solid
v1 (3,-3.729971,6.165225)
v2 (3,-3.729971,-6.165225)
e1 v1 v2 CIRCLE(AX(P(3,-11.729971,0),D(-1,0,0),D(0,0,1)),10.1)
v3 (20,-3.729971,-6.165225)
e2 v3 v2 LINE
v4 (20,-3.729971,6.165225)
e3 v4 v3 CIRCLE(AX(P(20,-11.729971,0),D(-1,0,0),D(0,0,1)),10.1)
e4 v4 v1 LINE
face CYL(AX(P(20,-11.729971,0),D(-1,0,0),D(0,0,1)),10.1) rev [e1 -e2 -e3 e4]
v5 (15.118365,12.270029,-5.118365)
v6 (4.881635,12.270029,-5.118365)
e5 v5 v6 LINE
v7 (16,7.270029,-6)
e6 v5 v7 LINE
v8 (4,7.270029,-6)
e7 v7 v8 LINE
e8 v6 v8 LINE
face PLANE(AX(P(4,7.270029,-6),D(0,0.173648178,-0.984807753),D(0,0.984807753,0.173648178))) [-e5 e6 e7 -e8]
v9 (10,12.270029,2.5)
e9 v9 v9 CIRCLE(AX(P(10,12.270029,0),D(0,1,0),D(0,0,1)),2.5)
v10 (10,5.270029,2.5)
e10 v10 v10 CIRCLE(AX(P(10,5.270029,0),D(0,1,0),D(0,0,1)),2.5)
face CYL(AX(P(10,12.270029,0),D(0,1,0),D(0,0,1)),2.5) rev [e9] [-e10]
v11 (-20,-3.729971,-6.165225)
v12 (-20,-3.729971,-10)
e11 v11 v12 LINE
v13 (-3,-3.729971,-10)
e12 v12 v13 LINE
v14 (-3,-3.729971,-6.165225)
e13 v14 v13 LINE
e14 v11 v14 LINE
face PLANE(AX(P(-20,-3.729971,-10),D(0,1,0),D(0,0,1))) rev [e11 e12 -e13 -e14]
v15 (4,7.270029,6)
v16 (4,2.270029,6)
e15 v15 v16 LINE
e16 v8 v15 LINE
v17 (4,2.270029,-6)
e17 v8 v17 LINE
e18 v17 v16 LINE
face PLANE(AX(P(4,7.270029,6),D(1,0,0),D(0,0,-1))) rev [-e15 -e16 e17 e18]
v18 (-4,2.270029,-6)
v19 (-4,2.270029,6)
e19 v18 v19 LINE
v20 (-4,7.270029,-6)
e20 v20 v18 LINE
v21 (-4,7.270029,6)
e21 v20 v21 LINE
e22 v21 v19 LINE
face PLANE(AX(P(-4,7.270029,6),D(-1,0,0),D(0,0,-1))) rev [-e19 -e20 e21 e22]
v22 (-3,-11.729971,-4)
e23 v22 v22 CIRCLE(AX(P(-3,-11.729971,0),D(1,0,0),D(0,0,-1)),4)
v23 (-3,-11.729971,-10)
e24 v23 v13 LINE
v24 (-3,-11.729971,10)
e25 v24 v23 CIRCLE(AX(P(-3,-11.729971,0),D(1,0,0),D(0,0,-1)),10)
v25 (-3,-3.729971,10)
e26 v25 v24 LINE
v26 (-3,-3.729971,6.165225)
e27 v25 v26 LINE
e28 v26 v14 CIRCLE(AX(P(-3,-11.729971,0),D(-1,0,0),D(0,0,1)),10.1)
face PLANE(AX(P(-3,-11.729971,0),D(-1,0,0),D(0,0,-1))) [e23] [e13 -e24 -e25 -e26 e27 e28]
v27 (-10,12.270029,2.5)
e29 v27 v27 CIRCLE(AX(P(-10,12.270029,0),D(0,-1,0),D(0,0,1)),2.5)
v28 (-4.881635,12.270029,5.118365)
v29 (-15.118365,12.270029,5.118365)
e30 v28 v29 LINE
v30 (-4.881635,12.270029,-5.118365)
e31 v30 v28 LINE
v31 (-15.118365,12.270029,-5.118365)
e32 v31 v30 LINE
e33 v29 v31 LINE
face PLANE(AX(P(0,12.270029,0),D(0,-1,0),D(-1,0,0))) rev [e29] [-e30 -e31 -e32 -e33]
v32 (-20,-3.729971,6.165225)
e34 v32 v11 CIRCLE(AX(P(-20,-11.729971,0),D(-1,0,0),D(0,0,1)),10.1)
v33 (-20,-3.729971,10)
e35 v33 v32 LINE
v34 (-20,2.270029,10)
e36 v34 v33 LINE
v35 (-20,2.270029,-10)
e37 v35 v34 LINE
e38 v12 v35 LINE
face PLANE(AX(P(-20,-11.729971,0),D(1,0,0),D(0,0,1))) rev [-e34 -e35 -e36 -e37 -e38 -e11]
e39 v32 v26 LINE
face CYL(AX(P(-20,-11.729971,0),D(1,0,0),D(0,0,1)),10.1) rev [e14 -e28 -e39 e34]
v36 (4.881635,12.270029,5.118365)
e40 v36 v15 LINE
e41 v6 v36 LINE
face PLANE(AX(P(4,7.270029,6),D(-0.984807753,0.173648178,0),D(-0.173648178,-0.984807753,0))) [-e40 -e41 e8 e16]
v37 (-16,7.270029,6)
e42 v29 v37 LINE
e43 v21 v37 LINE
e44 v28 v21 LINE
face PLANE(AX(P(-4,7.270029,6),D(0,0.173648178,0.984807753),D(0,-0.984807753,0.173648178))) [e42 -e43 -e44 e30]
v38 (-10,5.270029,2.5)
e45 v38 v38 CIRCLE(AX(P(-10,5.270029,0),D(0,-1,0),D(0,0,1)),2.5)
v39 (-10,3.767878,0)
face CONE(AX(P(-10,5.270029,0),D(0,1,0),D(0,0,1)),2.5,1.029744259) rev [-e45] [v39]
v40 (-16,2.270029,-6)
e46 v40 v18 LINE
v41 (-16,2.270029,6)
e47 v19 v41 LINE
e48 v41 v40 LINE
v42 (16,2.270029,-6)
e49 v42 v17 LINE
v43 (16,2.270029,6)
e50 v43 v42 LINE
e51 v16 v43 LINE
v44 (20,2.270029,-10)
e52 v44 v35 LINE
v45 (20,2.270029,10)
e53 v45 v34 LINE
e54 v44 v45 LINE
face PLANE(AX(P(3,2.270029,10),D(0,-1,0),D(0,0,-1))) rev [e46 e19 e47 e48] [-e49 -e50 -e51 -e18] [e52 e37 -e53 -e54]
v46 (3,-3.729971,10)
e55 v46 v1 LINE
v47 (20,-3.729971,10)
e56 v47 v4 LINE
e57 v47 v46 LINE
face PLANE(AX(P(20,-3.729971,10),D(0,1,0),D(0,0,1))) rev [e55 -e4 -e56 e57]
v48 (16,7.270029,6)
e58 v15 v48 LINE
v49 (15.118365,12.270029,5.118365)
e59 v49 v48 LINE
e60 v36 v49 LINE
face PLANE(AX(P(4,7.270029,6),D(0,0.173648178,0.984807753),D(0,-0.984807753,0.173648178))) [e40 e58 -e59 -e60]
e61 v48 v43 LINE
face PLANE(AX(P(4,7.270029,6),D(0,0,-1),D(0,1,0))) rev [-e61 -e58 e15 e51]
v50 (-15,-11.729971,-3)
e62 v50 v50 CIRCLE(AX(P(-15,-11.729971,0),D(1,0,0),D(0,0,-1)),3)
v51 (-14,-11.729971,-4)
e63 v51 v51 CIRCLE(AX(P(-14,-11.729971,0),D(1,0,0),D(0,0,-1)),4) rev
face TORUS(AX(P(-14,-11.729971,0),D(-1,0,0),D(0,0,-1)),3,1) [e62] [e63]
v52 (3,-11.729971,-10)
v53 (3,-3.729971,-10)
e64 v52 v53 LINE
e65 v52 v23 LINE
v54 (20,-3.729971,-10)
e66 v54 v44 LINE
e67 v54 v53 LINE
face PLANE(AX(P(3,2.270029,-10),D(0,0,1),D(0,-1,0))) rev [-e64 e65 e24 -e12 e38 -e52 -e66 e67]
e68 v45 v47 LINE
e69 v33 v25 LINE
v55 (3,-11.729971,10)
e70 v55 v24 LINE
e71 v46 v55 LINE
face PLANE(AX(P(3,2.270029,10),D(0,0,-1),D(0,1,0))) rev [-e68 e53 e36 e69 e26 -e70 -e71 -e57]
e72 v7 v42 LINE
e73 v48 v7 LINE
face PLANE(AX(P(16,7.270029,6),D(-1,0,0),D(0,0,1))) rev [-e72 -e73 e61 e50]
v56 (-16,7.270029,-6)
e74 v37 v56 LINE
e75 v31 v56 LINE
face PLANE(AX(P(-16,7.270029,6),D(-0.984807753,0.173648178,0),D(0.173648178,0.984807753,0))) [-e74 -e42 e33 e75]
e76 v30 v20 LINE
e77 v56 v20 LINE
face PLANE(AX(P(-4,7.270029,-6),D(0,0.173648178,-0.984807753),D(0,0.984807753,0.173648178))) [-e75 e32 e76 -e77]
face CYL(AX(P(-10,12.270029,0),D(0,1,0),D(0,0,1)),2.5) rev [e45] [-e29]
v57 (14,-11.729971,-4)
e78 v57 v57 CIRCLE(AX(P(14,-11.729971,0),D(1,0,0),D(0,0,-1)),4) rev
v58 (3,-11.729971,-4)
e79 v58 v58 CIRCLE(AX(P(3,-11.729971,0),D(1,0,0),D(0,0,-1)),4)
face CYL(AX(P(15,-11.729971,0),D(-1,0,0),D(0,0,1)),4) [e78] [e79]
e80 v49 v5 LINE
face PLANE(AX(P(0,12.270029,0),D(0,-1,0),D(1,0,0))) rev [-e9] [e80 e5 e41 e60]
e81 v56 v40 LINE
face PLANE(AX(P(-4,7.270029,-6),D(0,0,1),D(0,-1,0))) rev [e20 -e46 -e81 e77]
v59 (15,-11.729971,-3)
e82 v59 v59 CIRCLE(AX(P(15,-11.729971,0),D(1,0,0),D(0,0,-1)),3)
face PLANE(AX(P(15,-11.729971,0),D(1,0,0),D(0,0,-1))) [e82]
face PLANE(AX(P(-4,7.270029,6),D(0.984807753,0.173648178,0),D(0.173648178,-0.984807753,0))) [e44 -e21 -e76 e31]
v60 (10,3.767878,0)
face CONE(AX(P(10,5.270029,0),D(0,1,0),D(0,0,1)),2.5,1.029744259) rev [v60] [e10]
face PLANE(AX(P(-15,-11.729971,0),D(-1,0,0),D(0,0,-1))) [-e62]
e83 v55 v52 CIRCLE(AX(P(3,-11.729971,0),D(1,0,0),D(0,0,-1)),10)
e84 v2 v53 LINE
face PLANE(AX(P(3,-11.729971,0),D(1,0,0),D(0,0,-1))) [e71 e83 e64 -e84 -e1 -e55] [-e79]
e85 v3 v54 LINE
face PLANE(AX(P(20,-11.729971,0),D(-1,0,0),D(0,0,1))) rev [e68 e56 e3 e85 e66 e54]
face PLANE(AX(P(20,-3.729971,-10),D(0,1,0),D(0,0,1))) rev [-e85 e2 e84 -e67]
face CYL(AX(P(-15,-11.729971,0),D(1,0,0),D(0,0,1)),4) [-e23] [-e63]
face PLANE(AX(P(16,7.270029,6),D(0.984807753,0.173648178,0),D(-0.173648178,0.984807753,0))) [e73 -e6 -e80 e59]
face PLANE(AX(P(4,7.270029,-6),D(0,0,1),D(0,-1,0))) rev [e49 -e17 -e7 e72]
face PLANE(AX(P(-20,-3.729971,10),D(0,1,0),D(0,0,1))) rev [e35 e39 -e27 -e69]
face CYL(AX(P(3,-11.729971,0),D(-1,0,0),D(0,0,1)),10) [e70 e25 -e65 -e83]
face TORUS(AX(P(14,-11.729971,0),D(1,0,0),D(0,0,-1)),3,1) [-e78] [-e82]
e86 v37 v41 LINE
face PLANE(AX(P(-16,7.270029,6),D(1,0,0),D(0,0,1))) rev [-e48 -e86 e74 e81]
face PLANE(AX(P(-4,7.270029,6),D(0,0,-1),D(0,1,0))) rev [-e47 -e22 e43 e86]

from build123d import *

# Parameters (mm, degrees)
LEG_CONNECTOR_DEPTH                            = 1.5
TORSO_CONNECTOR_DEPTH                          = 8.5
SKETCH3_R                                      = 2
LEG_PIN_DEPTH                                  = 6
SKETCH4_W                                      = 6
SKETCH4_H                                      = 6
TORSO_PIN_BASE_DEPTH                           = 2.5
SKETCH5_W                                      = 6
SKETCH5_H                                      = 6
TORSO_PIN_TIP_DEPTH                            = 2.5
TORSO_PIN_TIP_TAPER                            = 10
HOLE_THAT_MAKE_IT_EASY_TO_ADD_CENTER_LIN_D     = 2.5
HOLE_THAT_MAKE_IT_EASY_TO_ADD_CENTER_LIN_DEPTH = 3.5
HOLE_THAT_MAKE_IT_EASY_TO_ADD_CENTER_LIN_TIP   = 0.751075774
EASY_LEG_INSERT_R                              = 0.5
SCALE1_SCALE                                   = 2


with BuildPart() as part:
    # Sketch1 → Leg connector (new body)
    with BuildSketch(Plane(origin=(0, 0, 0), x_dir=(0, 0, -1), z_dir=(1, 0, 0))):
        with BuildLine():
            Line((-5, 0), (5, 0))
            Line((5, 0), (5, -7))
            ThreePointArc((5, -7), (0, -12), (-5, -7))
            Line((-5, -7), (-5, 0))
        make_face()
    extrude(amount=LEG_CONNECTOR_DEPTH)

    # Sketch2 → Torso connector (add)
    with BuildSketch(Plane(origin=(1.5, 0, 0), x_dir=(0, 0, -1), z_dir=(1, 0, 0))):
        with BuildLine():
            Line((-5, 0), (5, 0))
            Line((5, 0), (5, -3))
            Line((5, -3), (3.082612528, -3))
            ThreePointArc((3.082612528, -3), (0, -1.95), (-3.082612528, -3))
            Line((-3.082612528, -3), (-5, -3))
            Line((-5, -3), (-5, 0))
        make_face()
    extrude(amount=TORSO_CONNECTOR_DEPTH)

    # Sketch3 → Leg pin (add)
    with BuildSketch(Plane(origin=(1.5, 0, 0), x_dir=(0, 0, -1), z_dir=(1, 0, 0))):
        with Locations((0, -7)):
            Circle(SKETCH3_R)
    extrude(amount=LEG_PIN_DEPTH)

    # Sketch4 → Torso pin base (add)
    with BuildSketch(Plane(origin=(0, 0, 0), x_dir=(1, 0, 0), z_dir=(0, 1, 0))):
        with Locations((5, 0)):
            Rectangle(SKETCH4_W, SKETCH4_H)
    extrude(amount=TORSO_PIN_BASE_DEPTH)

    # Sketch5 → Torso pin tip (add)
    with BuildSketch(Plane(origin=(0, 2.5, 0), x_dir=(1, 0, 0), z_dir=(0, 1, 0))):
        with Locations((5, 0)):
            Rectangle(SKETCH5_W, SKETCH5_H)
    extrude(amount=TORSO_PIN_TIP_DEPTH, taper=TORSO_PIN_TIP_TAPER)

    # Hole that make it easy to add center lines
    with Locations(Plane(origin=(0, 5, 0), x_dir=(1, 0, 0), z_dir=(0, 1, 0))):
        with Locations((5, 0)):
            Hole(HOLE_THAT_MAKE_IT_EASY_TO_ADD_CENTER_LIN_D / 2, depth=HOLE_THAT_MAKE_IT_EASY_TO_ADD_CENTER_LIN_DEPTH)
            with Locations((0, 0, -(HOLE_THAT_MAKE_IT_EASY_TO_ADD_CENTER_LIN_DEPTH + HOLE_THAT_MAKE_IT_EASY_TO_ADD_CENTER_LIN_TIP / 2))):  # 118° drill point
                Cone(0, HOLE_THAT_MAKE_IT_EASY_TO_ADD_CENTER_LIN_D / 2, HOLE_THAT_MAKE_IT_EASY_TO_ADD_CENTER_LIN_TIP, mode=Mode.SUBTRACT)

    # Easy leg insert
    easy_leg_insert_edges = [part.edges().sort_by_distance(p)[0] for p in [
        (7.5, -7, 2),
    ]]
    fillet(easy_leg_insert_edges, radius=EASY_LEG_INSERT_R)

    # Making symetrical: part across plane


with BuildPart() as part_1:
    add(part.part)
    add(part.part.mirror(Plane(origin=(0, -7, 0), x_dir=(0, 0, 1), z_dir=(1, 0, 0))))


with BuildPart() as part_2:
    # Scale1: scaled about (0, -2.270029125, 0)
    add(part_1.part.scale(SCALE1_SCALE).moved(Location((0, 2.270029125, 0))))


solid = part_2.part
